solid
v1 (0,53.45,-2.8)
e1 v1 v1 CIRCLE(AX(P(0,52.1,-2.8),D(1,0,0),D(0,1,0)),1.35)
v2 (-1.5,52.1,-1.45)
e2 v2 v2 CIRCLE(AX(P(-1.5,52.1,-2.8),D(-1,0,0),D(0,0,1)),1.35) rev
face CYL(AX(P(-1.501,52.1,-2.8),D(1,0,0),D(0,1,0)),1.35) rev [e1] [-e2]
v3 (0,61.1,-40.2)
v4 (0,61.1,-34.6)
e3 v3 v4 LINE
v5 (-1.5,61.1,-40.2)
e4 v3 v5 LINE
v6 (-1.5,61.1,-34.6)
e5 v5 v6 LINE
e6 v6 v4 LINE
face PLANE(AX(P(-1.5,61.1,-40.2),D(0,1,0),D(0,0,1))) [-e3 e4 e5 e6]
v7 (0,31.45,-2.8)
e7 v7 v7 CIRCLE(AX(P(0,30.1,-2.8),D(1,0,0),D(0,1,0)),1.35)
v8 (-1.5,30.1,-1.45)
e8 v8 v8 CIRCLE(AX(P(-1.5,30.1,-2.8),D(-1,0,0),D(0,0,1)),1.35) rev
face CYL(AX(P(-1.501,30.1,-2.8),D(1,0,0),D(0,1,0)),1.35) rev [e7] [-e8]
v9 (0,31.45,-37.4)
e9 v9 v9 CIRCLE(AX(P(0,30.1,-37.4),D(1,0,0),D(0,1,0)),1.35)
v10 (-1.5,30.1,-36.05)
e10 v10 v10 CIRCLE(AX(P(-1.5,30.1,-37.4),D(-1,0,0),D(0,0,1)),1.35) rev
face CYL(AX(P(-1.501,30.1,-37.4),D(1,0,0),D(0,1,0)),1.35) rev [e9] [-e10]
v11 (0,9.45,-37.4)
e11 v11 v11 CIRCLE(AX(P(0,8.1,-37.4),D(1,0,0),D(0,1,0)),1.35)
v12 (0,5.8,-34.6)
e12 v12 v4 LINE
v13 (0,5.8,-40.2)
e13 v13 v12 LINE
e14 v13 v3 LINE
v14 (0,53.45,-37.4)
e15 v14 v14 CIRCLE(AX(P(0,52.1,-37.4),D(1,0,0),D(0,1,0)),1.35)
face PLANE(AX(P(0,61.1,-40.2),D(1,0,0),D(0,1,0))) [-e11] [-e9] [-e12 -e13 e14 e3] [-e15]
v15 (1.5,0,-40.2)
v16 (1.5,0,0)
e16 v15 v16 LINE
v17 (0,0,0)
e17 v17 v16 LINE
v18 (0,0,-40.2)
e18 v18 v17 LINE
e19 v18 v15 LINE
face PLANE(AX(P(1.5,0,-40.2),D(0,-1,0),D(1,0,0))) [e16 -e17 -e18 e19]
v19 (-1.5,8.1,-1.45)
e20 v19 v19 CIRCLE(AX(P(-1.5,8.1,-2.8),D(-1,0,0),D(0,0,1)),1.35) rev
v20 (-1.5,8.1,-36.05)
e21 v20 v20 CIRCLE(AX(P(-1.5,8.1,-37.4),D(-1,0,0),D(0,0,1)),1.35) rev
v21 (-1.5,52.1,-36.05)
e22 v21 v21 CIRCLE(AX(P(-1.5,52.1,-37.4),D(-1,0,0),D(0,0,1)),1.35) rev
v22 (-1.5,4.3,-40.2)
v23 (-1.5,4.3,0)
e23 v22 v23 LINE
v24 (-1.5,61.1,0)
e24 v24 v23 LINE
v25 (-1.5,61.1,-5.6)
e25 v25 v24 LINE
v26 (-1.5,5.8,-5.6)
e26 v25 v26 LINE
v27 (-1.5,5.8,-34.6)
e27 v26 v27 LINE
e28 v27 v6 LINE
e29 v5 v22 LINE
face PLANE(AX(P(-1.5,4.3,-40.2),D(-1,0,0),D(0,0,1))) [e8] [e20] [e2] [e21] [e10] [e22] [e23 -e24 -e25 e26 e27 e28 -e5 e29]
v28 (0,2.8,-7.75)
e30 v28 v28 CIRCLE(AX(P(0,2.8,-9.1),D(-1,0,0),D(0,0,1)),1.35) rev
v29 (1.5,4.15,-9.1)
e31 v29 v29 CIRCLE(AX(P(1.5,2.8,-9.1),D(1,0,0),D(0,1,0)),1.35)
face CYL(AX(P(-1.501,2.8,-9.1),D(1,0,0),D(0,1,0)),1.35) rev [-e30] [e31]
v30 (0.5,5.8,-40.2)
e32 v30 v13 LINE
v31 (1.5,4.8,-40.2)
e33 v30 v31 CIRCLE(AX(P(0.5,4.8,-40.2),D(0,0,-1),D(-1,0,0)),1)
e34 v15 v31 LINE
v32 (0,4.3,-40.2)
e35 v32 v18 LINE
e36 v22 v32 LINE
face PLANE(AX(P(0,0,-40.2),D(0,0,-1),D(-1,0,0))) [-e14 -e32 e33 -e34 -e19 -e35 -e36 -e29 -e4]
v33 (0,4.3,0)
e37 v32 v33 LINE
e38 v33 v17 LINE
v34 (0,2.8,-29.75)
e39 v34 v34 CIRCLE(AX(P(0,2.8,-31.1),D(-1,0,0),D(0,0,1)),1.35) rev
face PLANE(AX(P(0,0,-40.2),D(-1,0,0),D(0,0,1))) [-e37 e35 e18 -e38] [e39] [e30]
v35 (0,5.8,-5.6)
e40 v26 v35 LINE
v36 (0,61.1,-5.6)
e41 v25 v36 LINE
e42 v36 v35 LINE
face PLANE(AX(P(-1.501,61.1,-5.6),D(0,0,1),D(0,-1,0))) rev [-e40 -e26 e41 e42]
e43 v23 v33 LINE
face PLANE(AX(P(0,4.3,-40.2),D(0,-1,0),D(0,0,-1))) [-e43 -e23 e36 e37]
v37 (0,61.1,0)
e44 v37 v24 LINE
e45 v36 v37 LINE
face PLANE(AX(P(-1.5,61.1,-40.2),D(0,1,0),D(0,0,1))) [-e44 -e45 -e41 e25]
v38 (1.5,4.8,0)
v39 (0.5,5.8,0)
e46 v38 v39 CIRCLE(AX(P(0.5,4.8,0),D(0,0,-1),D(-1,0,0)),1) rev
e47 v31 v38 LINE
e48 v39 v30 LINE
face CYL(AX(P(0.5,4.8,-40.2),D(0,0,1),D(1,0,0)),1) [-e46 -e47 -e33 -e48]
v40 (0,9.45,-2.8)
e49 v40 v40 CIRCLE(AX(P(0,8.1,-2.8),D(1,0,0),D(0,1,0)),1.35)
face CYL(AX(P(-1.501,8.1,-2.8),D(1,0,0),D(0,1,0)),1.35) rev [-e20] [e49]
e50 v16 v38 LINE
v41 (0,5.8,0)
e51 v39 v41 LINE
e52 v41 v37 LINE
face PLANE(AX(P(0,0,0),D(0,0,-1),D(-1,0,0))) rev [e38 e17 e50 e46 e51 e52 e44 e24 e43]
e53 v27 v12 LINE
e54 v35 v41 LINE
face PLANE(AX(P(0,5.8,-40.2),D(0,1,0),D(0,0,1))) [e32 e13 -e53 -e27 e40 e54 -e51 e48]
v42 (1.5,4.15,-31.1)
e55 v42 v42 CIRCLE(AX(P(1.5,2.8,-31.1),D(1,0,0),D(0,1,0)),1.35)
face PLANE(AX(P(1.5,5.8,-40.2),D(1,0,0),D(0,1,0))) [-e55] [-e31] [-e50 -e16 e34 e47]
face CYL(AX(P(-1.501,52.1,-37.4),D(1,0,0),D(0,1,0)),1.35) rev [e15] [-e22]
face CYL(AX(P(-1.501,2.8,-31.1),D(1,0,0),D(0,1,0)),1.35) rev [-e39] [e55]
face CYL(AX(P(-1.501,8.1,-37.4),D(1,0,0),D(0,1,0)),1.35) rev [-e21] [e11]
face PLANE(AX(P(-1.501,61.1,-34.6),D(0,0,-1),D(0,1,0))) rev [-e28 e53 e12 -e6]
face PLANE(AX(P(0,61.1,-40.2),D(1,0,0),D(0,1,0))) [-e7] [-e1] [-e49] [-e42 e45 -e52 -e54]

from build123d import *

# Parameters (mm, degrees)
BOSS_EXTRUDE1_DEPTH = 40.2
CUT_EXTRUDE2_REACH  = 3.5
SKETCH3_R           = 1.35
SKETCH3_W           = 29
SKETCH3_H           = 55.3
FILLET1_R           = 1
CUT_EXTRUDE3_REACH  = 5
SKETCH4_R           = 1.35


with BuildPart() as part:
    # Sketch1 → Boss-Extrude1 (new body)
    with BuildSketch(Plane.XY):
        Polygon((0, 0), (0, 4.3), (-1.5, 4.3), (-1.5, 61.1), (0, 61.1), (0, 5.8), (1.5, 5.8), (1.5, 0), align=None)
    extrude(amount=-BOSS_EXTRUDE1_DEPTH)

    # Sketch3 → Cut-Extrude2 (cut, up to next)
    with BuildSketch(Plane(origin=(0, 0, 0), x_dir=(0, 0, -1), z_dir=(1, 0, 0)), mode=Mode.PRIVATE) as cut_extrude2_sk1:
        with Locations((2.8, 8.1)):
            Circle(SKETCH3_R)
    cut_extrude2_tool1 = extrude(cut_extrude2_sk1.sketch, amount=-CUT_EXTRUDE2_REACH, mode=Mode.PRIVATE) & part.part
    add(cut_extrude2_tool1.solids().sort_by_distance((0, 8.1, -2.8))[0], mode=Mode.SUBTRACT)
    # Sketch3 → Cut-Extrude2 (cut, up to next)
    with BuildSketch(Plane(origin=(0, 0, 0), x_dir=(0, 0, -1), z_dir=(1, 0, 0)), mode=Mode.PRIVATE) as cut_extrude2_sk2:
        with Locations((37.4, 8.1)):
            Circle(SKETCH3_R)
    cut_extrude2_tool2 = extrude(cut_extrude2_sk2.sketch, amount=-CUT_EXTRUDE2_REACH, mode=Mode.PRIVATE) & part.part
    add(cut_extrude2_tool2.solids().sort_by_distance((0, 8.1, -37.4))[0], mode=Mode.SUBTRACT)
    # Sketch3 → Cut-Extrude2 (cut, up to next)
    with BuildSketch(Plane(origin=(0, 0, 0), x_dir=(0, 0, -1), z_dir=(1, 0, 0)), mode=Mode.PRIVATE) as cut_extrude2_sk3:
        with Locations((2.8, 30.1)):
            Circle(SKETCH3_R)
    cut_extrude2_tool3 = extrude(cut_extrude2_sk3.sketch, amount=-CUT_EXTRUDE2_REACH, mode=Mode.PRIVATE) & part.part
    add(cut_extrude2_tool3.solids().sort_by_distance((0, 30.1, -2.8))[0], mode=Mode.SUBTRACT)
    # Sketch3 → Cut-Extrude2 (cut, up to next)
    with BuildSketch(Plane(origin=(0, 0, 0), x_dir=(0, 0, -1), z_dir=(1, 0, 0)), mode=Mode.PRIVATE) as cut_extrude2_sk4:
        with Locations((37.4, 30.1)):
            Circle(SKETCH3_R)
    cut_extrude2_tool4 = extrude(cut_extrude2_sk4.sketch, amount=-CUT_EXTRUDE2_REACH, mode=Mode.PRIVATE) & part.part
    add(cut_extrude2_tool4.solids().sort_by_distance((0, 30.1, -37.4))[0], mode=Mode.SUBTRACT)
    # Sketch3 → Cut-Extrude2 (cut, up to next)
    with BuildSketch(Plane(origin=(0, 0, 0), x_dir=(0, 0, -1), z_dir=(1, 0, 0)), mode=Mode.PRIVATE) as cut_extrude2_sk5:
        with Locations((2.8, 52.1)):
            Circle(SKETCH3_R)
    cut_extrude2_tool5 = extrude(cut_extrude2_sk5.sketch, amount=-CUT_EXTRUDE2_REACH, mode=Mode.PRIVATE) & part.part
    add(cut_extrude2_tool5.solids().sort_by_distance((0, 52.1, -2.8))[0], mode=Mode.SUBTRACT)
    # Sketch3 → Cut-Extrude2 (cut, up to next)
    with BuildSketch(Plane(origin=(0, 0, 0), x_dir=(0, 0, -1), z_dir=(1, 0, 0)), mode=Mode.PRIVATE) as cut_extrude2_sk6:
        with Locations((37.4, 52.1)):
            Circle(SKETCH3_R)
    cut_extrude2_tool6 = extrude(cut_extrude2_sk6.sketch, amount=-CUT_EXTRUDE2_REACH, mode=Mode.PRIVATE) & part.part
    add(cut_extrude2_tool6.solids().sort_by_distance((0, 52.1, -37.4))[0], mode=Mode.SUBTRACT)
    # Sketch3 → Cut-Extrude2 (cut, up to next)
    with BuildSketch(Plane(origin=(0, 0, 0), x_dir=(0, 0, -1), z_dir=(1, 0, 0)), mode=Mode.PRIVATE) as cut_extrude2_sk7:
        with Locations((20.1, 33.45)):
            Rectangle(SKETCH3_W, SKETCH3_H)
    cut_extrude2_tool7 = extrude(cut_extrude2_sk7.sketch, amount=-CUT_EXTRUDE2_REACH, mode=Mode.PRIVATE) & part.part
    add(cut_extrude2_tool7.solids().sort_by_distance((0, 33.45, -20.1))[0], mode=Mode.SUBTRACT)

    # Fillet1
    fillet1_edges = [part.edges().sort_by_distance(p)[0] for p in [
        (1.5, 5.8, -20.1),
    ]]
    fillet(fillet1_edges, radius=FILLET1_R)

    # Sketch4 → Cut-Extrude3 (cut, up to next)
    with BuildSketch(Plane(origin=(1.5, 0, 0), x_dir=(0, 0, -1), z_dir=(1, 0, 0)), mode=Mode.PRIVATE) as cut_extrude3_sk1:
        with Locations((9.1, 2.8)):
            Circle(SKETCH4_R)
    cut_extrude3_tool1 = extrude(cut_extrude3_sk1.sketch, amount=-CUT_EXTRUDE3_REACH, mode=Mode.PRIVATE) & part.part
    add(cut_extrude3_tool1.solids().sort_by_distance((1.5, 2.8, -9.1))[0], mode=Mode.SUBTRACT)
    # Sketch4 → Cut-Extrude3 (cut, up to next)
    with BuildSketch(Plane(origin=(1.5, 0, 0), x_dir=(0, 0, -1), z_dir=(1, 0, 0)), mode=Mode.PRIVATE) as cut_extrude3_sk2:
        with Locations((31.1, 2.8)):
            Circle(SKETCH4_R)
    cut_extrude3_tool2 = extrude(cut_extrude3_sk2.sketch, amount=-CUT_EXTRUDE3_REACH, mode=Mode.PRIVATE) & part.part
    add(cut_extrude3_tool2.solids().sort_by_distance((1.5, 2.8, -31.1))[0], mode=Mode.SUBTRACT)


solid = part.part
